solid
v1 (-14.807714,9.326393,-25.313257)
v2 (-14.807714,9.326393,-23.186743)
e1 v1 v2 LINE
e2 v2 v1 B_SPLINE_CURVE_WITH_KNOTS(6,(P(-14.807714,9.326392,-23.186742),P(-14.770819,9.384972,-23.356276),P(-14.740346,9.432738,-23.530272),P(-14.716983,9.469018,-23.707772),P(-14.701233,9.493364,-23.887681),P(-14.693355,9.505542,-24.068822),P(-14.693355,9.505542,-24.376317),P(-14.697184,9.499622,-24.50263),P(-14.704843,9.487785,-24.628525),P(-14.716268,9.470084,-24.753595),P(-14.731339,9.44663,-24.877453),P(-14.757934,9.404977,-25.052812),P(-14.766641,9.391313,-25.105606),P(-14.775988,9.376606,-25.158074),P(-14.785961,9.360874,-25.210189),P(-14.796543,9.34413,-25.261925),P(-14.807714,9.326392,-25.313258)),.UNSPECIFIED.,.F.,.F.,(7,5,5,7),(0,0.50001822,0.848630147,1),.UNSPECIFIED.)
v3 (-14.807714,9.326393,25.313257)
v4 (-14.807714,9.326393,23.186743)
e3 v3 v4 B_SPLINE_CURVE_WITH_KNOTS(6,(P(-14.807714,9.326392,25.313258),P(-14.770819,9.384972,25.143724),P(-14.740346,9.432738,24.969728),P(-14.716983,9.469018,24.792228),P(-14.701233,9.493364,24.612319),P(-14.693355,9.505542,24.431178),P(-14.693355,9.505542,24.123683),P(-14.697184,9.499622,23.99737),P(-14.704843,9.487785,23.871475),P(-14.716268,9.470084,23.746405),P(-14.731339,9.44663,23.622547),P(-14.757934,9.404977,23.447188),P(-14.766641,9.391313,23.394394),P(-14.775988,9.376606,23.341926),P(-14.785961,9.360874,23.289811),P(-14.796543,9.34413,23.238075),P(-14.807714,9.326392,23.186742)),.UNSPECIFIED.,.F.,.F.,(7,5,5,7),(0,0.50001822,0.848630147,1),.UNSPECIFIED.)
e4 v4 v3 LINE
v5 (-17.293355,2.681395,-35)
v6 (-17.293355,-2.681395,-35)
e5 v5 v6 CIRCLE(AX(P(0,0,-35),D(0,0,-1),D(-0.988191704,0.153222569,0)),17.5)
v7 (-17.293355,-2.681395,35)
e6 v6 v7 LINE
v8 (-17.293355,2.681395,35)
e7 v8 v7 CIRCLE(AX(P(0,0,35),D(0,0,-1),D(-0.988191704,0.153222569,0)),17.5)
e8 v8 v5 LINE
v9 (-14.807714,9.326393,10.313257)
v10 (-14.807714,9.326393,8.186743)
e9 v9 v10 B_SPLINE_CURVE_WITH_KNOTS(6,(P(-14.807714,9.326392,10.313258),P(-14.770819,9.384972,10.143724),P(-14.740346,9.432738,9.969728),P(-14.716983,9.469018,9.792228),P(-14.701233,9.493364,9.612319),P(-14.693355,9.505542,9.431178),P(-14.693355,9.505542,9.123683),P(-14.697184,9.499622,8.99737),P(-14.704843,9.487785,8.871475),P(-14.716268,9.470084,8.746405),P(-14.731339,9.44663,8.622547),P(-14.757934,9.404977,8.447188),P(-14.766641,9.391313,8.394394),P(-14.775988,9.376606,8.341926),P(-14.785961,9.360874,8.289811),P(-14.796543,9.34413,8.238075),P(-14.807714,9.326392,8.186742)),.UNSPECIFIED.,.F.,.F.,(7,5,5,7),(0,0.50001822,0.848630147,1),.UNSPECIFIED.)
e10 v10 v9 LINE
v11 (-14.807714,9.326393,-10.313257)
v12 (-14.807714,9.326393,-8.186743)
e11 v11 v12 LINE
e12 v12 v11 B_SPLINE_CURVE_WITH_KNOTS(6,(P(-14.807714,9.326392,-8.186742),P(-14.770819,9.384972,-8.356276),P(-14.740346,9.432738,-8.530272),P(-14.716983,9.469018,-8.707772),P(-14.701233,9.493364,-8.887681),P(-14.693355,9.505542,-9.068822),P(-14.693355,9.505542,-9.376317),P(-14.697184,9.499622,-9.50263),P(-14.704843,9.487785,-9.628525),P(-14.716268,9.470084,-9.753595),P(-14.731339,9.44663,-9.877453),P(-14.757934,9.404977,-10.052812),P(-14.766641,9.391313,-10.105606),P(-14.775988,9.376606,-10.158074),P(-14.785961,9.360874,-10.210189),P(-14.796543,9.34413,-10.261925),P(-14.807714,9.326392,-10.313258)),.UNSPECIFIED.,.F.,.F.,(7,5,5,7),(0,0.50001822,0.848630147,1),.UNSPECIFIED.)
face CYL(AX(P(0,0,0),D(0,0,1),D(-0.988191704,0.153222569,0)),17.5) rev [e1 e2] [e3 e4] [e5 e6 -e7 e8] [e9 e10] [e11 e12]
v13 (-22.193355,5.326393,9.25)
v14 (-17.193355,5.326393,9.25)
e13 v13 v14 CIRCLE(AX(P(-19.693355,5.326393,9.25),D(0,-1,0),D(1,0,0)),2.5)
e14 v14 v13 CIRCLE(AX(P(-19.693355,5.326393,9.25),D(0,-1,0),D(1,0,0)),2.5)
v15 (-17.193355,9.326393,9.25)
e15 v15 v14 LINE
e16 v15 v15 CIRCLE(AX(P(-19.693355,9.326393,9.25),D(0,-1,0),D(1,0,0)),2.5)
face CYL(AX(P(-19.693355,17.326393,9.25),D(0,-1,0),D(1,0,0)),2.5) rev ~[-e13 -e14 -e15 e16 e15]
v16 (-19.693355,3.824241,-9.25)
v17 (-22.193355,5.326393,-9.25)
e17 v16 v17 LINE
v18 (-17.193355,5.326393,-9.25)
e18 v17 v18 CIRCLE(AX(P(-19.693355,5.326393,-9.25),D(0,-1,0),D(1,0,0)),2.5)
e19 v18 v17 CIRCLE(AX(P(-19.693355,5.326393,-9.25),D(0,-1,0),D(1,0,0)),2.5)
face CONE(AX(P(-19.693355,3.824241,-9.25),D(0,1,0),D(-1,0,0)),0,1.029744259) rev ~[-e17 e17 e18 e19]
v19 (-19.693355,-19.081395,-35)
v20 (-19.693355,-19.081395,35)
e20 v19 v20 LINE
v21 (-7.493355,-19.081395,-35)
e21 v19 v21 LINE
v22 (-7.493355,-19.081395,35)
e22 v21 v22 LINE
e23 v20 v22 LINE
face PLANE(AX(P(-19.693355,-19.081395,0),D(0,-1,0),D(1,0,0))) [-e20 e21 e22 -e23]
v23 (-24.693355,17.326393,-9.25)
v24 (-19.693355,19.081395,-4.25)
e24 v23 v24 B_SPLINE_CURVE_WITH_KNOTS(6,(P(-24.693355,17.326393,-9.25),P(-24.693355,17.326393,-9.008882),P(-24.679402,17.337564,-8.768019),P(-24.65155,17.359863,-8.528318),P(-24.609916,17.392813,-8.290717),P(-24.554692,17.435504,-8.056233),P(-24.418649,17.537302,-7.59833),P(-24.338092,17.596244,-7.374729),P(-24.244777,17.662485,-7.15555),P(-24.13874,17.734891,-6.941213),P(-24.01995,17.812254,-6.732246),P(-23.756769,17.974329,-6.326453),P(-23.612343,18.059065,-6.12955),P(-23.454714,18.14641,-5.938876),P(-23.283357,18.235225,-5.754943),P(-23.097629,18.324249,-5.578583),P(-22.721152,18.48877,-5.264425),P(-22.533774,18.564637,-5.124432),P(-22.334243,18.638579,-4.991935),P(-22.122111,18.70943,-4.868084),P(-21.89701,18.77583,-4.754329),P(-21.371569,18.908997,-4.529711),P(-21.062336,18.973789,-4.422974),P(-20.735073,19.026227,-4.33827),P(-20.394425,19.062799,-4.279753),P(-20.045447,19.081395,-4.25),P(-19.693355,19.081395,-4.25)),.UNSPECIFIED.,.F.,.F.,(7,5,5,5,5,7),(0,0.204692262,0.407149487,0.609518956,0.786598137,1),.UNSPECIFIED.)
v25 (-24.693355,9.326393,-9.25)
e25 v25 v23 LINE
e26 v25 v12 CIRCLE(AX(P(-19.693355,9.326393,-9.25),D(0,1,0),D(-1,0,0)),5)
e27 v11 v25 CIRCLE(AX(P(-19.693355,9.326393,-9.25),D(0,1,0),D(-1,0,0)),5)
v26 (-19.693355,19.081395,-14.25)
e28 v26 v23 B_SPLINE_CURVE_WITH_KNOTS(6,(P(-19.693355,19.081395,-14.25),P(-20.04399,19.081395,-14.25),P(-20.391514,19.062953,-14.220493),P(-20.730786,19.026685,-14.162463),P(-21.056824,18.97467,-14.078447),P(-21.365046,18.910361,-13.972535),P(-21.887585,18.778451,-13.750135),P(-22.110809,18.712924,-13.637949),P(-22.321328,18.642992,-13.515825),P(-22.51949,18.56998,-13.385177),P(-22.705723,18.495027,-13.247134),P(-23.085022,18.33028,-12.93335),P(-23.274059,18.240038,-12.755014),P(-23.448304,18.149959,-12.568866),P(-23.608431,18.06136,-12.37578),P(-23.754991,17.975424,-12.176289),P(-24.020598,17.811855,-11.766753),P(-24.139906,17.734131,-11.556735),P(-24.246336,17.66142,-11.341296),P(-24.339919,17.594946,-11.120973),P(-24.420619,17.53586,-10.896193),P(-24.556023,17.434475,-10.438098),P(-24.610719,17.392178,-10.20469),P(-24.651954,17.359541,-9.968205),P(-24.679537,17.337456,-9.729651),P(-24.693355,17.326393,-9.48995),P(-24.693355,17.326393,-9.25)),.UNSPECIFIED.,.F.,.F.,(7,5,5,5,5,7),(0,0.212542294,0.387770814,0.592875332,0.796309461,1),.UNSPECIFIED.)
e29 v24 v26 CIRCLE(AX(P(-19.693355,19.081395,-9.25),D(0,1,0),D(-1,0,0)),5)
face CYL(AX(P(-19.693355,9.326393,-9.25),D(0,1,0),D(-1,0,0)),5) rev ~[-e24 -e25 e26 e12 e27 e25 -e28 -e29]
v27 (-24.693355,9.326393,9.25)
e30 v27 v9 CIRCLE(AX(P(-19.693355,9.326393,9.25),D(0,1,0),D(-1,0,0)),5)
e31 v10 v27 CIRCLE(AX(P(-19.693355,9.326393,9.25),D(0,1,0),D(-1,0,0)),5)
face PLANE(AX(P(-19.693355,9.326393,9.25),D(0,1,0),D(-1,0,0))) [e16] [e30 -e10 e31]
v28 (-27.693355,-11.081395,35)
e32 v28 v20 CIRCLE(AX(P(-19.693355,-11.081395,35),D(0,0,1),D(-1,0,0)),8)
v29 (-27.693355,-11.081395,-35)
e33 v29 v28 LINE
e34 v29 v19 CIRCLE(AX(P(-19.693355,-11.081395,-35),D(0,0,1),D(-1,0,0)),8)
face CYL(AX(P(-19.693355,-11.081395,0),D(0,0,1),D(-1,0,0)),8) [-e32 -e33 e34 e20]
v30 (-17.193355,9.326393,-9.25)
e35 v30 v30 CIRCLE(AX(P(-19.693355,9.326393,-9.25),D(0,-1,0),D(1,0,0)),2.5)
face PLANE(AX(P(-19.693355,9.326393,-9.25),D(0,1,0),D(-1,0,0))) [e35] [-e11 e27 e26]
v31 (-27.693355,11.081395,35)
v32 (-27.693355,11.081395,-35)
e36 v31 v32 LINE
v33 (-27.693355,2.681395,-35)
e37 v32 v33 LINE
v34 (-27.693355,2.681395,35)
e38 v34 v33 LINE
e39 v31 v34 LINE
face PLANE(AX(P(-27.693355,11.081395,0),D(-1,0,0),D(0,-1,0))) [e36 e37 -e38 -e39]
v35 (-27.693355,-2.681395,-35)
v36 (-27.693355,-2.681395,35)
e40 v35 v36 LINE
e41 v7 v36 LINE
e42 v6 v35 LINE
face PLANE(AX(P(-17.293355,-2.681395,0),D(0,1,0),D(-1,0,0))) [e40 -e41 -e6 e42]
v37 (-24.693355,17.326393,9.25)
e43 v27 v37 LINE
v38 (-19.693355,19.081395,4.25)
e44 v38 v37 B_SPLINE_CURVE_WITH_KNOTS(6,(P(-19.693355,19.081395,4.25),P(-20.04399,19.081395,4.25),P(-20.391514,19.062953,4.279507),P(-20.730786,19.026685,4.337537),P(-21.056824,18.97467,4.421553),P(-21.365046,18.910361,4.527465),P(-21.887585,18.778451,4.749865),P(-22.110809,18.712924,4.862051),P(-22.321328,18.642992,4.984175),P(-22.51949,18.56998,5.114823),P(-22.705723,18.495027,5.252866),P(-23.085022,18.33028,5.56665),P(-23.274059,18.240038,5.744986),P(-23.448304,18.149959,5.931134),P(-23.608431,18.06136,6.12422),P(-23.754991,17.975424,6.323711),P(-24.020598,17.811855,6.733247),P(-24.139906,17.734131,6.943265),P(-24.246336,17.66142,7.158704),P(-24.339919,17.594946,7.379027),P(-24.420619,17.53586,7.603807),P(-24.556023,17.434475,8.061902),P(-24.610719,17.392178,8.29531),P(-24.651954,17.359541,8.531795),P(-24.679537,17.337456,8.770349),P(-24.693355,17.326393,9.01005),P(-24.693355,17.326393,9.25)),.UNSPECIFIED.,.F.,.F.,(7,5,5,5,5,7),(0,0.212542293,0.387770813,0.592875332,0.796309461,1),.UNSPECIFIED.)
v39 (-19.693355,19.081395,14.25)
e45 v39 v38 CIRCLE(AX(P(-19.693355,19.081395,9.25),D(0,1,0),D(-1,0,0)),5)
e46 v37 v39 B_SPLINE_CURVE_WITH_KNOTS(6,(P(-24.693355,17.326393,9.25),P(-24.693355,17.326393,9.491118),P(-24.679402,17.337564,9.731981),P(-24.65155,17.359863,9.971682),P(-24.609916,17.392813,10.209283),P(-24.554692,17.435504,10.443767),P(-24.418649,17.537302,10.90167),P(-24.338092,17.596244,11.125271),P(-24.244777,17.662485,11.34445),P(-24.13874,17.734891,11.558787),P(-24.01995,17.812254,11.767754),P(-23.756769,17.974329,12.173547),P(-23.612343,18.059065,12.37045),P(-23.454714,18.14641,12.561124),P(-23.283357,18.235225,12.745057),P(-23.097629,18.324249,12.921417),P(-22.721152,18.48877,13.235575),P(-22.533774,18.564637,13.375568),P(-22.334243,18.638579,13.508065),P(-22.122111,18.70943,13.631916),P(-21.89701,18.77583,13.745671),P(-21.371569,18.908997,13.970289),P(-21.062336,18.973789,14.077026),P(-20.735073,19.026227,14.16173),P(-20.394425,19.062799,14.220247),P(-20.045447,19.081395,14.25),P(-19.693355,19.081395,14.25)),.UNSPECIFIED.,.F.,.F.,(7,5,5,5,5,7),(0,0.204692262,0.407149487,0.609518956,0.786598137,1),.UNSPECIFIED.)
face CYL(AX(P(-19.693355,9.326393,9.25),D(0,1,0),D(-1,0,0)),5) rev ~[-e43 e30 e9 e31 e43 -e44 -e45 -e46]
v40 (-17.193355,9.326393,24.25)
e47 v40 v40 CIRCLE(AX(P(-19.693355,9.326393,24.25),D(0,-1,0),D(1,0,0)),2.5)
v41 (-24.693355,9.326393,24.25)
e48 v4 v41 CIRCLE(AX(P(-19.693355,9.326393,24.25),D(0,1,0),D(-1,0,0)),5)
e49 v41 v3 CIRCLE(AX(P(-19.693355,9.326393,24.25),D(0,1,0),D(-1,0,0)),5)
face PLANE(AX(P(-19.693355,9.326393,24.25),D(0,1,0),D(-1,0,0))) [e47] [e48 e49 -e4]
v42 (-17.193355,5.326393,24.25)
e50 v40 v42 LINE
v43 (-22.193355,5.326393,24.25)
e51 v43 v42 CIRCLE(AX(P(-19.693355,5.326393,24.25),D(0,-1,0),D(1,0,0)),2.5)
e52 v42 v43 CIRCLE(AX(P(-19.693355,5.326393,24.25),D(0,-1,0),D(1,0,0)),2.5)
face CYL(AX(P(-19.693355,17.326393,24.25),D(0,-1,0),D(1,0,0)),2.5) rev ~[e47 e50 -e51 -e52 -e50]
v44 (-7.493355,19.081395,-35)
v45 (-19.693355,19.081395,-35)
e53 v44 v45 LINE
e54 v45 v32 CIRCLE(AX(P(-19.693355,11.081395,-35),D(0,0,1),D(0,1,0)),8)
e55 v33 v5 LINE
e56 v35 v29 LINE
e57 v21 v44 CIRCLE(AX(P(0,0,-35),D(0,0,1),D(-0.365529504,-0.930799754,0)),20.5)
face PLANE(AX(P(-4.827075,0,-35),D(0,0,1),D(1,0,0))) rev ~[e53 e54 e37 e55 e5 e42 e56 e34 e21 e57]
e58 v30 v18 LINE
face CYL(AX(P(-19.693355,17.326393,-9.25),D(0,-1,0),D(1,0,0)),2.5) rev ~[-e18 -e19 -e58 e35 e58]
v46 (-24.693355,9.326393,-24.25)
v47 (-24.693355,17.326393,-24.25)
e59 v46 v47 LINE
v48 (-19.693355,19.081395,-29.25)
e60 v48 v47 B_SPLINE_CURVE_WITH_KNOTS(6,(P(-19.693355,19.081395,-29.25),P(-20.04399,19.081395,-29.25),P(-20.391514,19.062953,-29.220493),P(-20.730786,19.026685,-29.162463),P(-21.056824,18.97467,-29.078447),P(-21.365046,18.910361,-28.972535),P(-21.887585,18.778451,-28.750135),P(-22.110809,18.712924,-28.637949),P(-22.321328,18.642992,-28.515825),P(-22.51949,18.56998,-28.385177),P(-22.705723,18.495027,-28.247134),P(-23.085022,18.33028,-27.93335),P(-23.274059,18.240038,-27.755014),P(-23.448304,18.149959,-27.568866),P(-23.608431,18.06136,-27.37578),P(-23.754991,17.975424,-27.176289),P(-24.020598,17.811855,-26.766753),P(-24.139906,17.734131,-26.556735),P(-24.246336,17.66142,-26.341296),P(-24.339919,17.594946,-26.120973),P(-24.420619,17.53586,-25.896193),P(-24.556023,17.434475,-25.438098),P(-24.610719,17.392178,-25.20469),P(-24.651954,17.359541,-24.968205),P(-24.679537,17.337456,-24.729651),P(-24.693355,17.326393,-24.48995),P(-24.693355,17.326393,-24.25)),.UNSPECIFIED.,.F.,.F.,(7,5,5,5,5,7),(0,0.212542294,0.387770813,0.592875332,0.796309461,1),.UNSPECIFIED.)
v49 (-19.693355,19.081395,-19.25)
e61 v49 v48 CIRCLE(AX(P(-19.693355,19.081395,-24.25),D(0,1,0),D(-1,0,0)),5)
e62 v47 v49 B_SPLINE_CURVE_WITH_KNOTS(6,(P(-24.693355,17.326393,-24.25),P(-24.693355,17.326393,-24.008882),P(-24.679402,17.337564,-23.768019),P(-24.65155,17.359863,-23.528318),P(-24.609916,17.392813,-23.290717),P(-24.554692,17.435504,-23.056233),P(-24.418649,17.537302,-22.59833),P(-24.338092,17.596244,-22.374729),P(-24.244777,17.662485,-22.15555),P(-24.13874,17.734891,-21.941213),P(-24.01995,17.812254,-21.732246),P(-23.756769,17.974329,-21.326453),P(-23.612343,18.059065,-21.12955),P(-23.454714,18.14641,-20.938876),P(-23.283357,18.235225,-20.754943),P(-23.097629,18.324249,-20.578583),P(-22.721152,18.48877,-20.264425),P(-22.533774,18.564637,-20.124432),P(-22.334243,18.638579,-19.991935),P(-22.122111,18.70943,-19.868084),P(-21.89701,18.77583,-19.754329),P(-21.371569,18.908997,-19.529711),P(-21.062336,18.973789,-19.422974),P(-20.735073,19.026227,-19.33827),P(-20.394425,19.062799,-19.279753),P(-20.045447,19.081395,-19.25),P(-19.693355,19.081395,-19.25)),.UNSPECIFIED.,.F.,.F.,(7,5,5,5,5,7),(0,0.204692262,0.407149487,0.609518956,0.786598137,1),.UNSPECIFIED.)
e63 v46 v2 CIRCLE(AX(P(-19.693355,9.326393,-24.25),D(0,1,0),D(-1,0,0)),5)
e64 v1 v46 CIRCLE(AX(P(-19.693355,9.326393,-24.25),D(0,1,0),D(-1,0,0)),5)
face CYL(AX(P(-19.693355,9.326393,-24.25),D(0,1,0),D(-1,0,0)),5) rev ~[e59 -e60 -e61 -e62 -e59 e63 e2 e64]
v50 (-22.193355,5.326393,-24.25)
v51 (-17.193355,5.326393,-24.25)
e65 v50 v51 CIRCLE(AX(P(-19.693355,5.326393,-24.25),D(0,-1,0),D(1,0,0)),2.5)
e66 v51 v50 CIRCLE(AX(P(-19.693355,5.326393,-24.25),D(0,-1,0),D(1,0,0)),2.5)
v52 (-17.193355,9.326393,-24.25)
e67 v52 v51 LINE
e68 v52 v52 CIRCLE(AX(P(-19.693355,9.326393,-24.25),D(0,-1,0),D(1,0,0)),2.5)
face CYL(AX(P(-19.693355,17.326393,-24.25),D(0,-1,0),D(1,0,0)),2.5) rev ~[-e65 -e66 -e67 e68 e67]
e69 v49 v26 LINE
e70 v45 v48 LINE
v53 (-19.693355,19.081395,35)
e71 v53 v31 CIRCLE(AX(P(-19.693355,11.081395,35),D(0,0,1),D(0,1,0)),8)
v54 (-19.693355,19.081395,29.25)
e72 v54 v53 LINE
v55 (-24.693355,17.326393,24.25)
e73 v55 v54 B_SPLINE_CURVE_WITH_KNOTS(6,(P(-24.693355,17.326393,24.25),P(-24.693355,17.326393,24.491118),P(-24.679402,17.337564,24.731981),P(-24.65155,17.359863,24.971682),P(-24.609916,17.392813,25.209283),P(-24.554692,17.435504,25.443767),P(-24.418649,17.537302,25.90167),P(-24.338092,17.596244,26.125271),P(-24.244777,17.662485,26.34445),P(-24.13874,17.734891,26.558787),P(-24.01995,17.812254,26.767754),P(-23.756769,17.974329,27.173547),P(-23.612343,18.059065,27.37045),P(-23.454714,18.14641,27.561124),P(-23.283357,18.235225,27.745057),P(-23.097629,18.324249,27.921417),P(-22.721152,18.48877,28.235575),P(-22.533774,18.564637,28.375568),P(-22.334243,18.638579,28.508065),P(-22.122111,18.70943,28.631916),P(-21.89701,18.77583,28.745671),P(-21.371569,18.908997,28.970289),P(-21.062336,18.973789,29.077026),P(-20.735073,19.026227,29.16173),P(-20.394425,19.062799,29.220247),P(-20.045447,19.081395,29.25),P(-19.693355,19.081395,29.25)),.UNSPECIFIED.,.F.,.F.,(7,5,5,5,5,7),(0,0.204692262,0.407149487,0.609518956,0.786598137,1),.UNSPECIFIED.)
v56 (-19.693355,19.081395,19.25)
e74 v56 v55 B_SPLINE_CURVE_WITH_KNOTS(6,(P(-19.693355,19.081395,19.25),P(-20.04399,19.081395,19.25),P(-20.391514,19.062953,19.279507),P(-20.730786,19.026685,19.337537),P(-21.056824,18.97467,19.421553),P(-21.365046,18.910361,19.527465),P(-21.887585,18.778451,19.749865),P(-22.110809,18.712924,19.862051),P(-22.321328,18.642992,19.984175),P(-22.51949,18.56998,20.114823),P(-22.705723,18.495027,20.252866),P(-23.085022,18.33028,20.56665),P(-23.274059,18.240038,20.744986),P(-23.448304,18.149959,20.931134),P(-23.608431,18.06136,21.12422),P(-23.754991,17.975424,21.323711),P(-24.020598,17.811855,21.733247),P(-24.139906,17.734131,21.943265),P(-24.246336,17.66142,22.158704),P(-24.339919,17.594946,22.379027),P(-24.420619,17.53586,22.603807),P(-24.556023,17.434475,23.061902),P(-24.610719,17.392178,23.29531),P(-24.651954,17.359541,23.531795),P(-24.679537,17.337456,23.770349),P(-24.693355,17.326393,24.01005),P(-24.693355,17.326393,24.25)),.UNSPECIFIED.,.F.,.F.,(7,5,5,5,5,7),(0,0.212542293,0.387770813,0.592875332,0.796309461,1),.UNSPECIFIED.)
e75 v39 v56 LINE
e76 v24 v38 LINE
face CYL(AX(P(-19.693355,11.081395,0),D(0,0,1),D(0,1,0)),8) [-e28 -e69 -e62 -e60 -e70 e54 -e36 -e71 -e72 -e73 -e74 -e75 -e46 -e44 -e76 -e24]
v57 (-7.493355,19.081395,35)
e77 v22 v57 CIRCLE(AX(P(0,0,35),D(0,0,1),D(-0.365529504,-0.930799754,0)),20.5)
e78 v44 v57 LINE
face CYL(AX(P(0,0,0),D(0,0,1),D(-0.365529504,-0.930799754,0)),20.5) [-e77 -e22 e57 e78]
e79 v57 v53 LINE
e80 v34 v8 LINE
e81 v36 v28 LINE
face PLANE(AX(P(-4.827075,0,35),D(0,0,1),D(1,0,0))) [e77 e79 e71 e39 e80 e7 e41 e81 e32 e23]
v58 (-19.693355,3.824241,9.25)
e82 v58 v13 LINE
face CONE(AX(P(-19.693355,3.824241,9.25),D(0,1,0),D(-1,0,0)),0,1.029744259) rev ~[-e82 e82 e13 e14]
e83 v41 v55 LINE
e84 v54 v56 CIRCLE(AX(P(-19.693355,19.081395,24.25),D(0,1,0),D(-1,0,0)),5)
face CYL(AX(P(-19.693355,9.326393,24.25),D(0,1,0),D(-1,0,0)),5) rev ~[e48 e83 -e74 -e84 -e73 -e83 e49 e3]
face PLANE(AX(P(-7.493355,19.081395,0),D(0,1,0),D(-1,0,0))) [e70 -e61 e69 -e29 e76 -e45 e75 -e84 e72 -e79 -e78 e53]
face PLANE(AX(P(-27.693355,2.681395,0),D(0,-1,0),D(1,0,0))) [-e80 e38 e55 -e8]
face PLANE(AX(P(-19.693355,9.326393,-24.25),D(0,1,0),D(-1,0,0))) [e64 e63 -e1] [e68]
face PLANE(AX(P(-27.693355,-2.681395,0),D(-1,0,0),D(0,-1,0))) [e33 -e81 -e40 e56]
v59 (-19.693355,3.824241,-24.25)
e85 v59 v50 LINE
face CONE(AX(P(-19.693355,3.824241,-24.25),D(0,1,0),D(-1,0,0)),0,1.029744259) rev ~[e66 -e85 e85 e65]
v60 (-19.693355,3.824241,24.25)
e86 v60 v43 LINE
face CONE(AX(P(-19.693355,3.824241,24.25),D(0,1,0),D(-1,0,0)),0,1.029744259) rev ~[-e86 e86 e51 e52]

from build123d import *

# Parameters (mm, degrees)
F1_DEPTH       = 35
F3_D           = 5
F3_DEPTH       = 12
F3_START       = 1.7550021
F3_CBORE_D     = 10
F3_CBORE_DEPTH = 8
F3_TIP         = 1.5021515476


with BuildPart() as f1:
    # F0 (on Top) → F1 (new body, symmetric)
    with BuildSketch(Plane.XY):
        with BuildLine():
            ThreePointArc((-17.2933548246, 2.6813949562), (17.5, 0), (-17.2933548246, -2.6813949562))
            Line((-17.2933548246, -2.6813949562), (-27.6933548246, -2.6813949562))
            Line((-27.6933548246, -2.6813949562), (-27.6933548246, -11.0813949562))
            ThreePointArc((-27.6933548246, -11.0813949562), (-25.3502090741, -16.7382492056), (-19.6933548246, -19.0813949562))
            Line((-19.6933548246, -19.0813949562), (-7.4933548246, -19.0813949562))
            ThreePointArc((-7.4933548246, -19.0813949562), (20.5, 0), (-7.4933548246, 19.0813949562))
            Line((-7.4933548246, 19.0813949562), (-19.6933548246, 19.0813949562))
            ThreePointArc((-19.6933548246, 19.0813949562), (-25.3502090741, 16.7382492056), (-27.6933548246, 11.0813949562))
            Line((-27.6933548246, 11.0813949562), (-27.6933548246, 2.6813949562))
            Line((-27.6933548246, 2.6813949562), (-17.2933548246, 2.6813949562))
        make_face()
    extrude(amount=F1_DEPTH, both=True)

    # F3
    # its depths count from where the whole tool has entered the part; down to there all is cleared
    with Locations(Plane(origin=(0, 19.0813949562, 0), x_dir=(-1, 0, 0), z_dir=(0, 1, 0)).offset(-F3_START)):
        with Locations((19.6933548246, 24.25), (19.6933548246, 9.25), (19.6933548246, -9.25), (19.6933548246, -24.25)):
            CounterBoreHole(F3_D / 2, F3_CBORE_D / 2, F3_CBORE_DEPTH, depth=F3_DEPTH)
            with Locations((0, 0, -(F3_DEPTH + F3_TIP / 2))):  # 118° drill point
                Cone(0, F3_D / 2, F3_TIP, mode=Mode.SUBTRACT)


solid = f1.part
